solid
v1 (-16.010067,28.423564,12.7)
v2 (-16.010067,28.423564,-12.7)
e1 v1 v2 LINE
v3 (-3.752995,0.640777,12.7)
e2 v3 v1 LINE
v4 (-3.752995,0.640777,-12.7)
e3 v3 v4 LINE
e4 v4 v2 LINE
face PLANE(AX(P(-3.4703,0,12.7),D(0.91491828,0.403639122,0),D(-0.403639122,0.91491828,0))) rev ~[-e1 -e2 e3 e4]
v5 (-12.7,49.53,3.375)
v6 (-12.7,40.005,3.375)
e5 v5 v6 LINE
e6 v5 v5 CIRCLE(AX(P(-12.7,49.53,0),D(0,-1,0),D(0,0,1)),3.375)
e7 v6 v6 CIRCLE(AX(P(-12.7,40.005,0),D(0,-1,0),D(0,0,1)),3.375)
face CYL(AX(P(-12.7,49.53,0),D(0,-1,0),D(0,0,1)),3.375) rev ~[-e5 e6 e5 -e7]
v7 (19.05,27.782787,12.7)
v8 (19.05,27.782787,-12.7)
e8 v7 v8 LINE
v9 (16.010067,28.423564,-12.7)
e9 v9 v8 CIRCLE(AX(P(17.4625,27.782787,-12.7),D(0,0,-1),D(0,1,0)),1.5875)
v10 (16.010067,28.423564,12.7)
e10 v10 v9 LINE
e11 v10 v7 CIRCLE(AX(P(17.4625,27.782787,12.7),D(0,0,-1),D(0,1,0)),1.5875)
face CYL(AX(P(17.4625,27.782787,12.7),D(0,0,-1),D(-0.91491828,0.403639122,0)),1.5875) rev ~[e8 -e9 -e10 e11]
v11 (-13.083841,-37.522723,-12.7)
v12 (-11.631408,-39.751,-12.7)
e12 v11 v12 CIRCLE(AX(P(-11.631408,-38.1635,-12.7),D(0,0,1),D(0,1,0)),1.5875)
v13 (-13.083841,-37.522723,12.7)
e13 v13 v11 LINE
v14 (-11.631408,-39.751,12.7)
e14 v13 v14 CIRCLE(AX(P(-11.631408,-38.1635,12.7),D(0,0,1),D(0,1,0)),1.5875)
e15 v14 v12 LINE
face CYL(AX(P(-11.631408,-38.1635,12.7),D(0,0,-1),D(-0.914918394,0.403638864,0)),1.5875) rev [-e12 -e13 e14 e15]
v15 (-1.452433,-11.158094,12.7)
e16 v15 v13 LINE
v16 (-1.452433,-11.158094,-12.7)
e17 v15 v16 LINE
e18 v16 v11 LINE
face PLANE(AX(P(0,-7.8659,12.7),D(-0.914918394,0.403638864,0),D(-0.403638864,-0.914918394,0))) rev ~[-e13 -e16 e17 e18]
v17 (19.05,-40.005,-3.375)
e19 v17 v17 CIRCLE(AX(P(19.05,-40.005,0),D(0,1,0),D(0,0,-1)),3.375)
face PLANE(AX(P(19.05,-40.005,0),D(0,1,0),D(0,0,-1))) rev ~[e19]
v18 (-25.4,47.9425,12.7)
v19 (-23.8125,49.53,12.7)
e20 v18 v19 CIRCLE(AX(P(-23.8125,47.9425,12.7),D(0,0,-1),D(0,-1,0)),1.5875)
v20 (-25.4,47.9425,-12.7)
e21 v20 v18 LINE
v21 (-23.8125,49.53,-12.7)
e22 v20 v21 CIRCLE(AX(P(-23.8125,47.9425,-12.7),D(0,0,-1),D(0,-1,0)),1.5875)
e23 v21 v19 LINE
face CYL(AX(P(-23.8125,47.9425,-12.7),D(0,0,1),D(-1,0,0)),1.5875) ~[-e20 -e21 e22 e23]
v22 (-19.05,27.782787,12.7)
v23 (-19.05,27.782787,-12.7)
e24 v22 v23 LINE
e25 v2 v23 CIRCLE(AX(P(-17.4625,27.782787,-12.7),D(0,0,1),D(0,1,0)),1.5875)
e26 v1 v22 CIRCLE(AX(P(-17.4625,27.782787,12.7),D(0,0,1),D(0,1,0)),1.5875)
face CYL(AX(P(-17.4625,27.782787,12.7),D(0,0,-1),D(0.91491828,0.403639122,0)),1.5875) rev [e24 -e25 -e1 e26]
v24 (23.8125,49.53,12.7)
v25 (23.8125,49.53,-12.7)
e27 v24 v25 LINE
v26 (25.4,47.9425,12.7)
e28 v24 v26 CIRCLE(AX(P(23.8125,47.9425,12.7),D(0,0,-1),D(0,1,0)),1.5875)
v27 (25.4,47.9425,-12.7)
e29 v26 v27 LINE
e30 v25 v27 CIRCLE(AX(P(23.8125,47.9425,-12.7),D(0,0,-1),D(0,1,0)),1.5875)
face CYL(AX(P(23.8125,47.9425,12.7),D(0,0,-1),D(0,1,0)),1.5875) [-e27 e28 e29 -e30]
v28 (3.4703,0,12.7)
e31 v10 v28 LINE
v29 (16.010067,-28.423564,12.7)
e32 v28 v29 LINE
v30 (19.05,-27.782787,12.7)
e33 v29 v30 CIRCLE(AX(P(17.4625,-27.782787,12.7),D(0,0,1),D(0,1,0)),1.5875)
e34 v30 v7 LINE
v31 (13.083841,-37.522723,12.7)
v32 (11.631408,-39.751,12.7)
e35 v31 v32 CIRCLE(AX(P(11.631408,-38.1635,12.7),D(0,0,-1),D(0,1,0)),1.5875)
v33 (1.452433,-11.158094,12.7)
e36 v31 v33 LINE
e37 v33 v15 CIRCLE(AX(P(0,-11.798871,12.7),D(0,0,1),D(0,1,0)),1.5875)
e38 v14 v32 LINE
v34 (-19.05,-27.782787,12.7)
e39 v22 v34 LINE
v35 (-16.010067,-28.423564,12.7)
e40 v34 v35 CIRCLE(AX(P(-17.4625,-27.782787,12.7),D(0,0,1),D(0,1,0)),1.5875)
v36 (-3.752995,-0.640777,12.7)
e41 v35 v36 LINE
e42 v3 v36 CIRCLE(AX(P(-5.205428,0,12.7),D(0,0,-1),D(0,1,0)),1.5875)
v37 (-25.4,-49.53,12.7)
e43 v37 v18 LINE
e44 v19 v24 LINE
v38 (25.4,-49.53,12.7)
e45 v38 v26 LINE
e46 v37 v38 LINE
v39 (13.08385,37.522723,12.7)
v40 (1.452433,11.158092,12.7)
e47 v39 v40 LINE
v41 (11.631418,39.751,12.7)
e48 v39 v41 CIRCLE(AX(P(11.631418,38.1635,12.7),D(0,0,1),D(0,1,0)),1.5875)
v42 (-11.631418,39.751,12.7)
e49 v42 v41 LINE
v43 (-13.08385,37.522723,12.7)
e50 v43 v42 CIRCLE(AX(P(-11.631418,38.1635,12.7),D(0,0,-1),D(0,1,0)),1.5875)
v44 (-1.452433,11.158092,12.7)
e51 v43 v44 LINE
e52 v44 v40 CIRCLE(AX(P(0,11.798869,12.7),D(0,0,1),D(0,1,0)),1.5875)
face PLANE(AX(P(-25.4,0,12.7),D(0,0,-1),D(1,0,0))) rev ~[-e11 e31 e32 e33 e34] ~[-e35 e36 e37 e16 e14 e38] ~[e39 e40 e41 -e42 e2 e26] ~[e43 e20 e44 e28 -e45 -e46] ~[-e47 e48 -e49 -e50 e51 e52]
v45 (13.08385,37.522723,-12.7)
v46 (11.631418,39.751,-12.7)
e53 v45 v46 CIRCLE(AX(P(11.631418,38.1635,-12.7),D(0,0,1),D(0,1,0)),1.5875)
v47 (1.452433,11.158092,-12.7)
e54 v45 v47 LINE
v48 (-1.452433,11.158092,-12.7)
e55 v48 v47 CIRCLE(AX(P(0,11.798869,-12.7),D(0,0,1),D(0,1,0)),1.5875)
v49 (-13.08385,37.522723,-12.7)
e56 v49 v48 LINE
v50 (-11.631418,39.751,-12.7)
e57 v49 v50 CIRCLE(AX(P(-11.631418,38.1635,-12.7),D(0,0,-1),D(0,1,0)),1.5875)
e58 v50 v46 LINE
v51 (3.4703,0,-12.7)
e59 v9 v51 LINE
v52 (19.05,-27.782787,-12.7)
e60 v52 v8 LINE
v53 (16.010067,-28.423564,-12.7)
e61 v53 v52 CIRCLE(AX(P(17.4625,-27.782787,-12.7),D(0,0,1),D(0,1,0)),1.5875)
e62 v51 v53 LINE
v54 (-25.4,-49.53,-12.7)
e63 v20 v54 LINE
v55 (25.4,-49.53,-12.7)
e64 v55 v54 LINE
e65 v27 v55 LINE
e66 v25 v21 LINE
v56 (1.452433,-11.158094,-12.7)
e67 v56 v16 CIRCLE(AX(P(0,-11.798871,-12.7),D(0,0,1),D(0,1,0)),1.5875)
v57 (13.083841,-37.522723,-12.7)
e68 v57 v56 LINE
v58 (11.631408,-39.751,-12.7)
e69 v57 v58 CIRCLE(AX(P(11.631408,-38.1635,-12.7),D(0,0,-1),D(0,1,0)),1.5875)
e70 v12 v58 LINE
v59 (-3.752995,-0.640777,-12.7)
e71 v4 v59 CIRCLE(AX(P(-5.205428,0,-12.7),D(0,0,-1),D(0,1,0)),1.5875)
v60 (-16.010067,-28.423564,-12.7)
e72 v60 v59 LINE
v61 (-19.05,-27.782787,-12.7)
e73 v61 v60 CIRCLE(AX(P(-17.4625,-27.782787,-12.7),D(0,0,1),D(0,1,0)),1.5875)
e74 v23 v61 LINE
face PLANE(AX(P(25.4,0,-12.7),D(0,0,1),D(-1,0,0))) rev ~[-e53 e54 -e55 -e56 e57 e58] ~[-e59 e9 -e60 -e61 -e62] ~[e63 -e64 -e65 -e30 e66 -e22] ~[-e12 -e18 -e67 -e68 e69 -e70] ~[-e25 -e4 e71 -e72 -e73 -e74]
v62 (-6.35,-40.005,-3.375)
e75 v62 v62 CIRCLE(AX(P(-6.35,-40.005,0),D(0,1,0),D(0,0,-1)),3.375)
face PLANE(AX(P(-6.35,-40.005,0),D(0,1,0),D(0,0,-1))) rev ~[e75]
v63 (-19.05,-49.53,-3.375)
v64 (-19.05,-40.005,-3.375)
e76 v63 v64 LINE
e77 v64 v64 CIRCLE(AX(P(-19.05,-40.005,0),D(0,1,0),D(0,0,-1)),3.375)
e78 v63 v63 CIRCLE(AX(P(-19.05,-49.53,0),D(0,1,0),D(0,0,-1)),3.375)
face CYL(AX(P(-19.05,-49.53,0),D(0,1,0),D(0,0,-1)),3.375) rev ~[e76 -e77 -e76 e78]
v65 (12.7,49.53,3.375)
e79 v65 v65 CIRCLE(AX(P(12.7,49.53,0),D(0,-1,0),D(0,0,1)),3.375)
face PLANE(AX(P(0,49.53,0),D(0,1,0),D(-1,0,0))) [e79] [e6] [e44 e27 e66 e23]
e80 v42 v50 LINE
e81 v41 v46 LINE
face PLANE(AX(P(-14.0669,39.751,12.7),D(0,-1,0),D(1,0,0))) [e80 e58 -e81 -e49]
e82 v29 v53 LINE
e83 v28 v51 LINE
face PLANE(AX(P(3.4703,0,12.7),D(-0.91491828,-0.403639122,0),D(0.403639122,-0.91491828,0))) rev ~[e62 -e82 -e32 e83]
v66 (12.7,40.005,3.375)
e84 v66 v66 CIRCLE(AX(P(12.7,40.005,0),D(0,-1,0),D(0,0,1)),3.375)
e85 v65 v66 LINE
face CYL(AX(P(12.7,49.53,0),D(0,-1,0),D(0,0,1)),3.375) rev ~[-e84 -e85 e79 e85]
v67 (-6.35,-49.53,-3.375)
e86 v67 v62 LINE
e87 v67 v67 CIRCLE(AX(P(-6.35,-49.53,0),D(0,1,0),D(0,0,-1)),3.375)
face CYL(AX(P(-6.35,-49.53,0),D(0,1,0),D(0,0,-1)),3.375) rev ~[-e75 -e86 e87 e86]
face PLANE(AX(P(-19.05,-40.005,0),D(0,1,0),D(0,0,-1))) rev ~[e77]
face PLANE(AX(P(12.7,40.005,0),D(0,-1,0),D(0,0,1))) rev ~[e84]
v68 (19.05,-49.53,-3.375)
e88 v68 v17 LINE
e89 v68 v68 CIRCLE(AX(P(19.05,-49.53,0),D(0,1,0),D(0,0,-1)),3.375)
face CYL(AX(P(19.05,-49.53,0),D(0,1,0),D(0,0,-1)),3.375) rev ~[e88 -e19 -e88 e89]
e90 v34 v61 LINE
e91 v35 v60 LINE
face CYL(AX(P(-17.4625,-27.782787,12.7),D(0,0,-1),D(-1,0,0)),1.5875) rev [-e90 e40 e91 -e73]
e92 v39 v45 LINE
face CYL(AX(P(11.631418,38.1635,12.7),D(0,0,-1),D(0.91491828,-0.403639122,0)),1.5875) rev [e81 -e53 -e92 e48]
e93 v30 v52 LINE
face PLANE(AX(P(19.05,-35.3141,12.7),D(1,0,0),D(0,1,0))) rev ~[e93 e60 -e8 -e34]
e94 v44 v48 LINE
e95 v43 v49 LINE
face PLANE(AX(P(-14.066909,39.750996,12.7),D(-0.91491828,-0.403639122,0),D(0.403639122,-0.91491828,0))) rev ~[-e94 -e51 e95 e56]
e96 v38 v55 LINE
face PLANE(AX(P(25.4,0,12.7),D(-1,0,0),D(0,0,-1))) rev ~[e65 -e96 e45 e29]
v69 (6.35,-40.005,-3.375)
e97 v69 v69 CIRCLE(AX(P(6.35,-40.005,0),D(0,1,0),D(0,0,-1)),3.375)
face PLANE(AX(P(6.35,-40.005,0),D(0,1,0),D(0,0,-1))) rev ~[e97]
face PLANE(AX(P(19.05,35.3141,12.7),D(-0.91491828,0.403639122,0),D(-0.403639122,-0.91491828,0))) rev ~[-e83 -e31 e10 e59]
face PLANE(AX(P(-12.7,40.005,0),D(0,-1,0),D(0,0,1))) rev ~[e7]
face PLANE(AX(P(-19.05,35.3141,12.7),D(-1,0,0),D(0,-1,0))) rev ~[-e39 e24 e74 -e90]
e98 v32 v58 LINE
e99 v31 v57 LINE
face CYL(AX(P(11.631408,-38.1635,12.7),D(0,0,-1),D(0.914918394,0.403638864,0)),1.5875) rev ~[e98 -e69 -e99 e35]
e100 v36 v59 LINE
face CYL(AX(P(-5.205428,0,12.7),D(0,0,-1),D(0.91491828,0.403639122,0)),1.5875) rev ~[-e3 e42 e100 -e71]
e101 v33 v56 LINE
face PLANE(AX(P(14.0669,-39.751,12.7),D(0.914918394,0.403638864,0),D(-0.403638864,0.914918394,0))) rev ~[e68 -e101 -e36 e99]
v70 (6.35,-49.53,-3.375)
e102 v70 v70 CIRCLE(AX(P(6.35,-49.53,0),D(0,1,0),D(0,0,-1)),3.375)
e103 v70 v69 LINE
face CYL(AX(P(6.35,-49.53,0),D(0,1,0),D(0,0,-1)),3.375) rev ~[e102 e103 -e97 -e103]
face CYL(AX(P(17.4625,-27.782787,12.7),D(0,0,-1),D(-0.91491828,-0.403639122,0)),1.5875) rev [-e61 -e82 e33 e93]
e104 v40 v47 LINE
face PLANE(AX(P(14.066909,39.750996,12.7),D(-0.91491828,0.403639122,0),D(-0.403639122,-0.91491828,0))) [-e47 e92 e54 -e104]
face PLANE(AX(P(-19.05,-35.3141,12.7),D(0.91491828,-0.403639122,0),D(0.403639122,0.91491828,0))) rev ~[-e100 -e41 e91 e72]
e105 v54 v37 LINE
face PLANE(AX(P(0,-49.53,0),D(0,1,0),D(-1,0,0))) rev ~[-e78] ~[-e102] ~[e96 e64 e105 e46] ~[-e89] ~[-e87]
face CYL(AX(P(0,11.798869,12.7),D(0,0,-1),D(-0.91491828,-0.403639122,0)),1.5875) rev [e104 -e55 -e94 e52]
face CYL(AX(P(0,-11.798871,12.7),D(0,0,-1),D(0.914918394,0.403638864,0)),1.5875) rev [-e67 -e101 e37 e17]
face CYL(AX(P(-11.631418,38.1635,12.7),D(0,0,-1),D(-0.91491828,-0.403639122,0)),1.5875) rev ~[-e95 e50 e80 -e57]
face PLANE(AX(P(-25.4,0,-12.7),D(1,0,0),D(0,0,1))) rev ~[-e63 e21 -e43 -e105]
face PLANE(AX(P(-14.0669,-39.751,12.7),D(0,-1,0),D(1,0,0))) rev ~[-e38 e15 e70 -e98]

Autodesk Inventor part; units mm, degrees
ref_plane "YZ Plane" through (0, 0, 0) normal (1, 0, 0) x (0, 1, 0)
ref_plane "XZ Plane" through (0, 0, 0) normal (0, 1, 0) x (-1, 0, 0)
ref_plane "XY Plane" through (0, 0, 0) normal (0, 0, 1) x (1, 0, 0)
sketch "Sketch1" plane through (0, 0, 0) normal (0, 1, 0) x (-1, 0, 0)
  line L0 (25.4, 12.7) -> (-25.4, 12.7)
  line L1 (-25.4, 12.7) -> (-25.4, -12.7)
  line L2 (-25.4, -12.7) -> (25.4, -12.7)
  line L3 (25.4, -12.7) -> (25.4, 12.7)
  line L4 (25.4, 12.7) -> (-25.4, -12.7) construction
  line L5 (-25.4, 12.7) -> (25.4, -12.7) construction
  point P0 (0, 0)
  dimension "d0" = 50.8
  dimension "d1" = 25.4
extrude "Extrusion1" add sketch "Sketch1" along normal mid plane 99.06
sketch "Sketch2" plane through (-25.4, 49.53, 12.7) normal (0, 0, 1) x (1, 0, 0)
  line L0 (50.8, -99.06) -> (0, -99.06) construction
  line L1 (0, -99.06) -> (0, 0) construction
  line L2 (0, 0) -> (50.8, 0) construction
  line L3 (50.8, 0) -> (50.8, -99.06) construction
  line L4 (44.45, -6.35) -> (6.35, -6.35) construction
  line L5 (6.35, -6.35) -> (6.35, -92.71) construction
  line L6 (6.35, -92.71) -> (44.45, -92.71) construction
  line L7 (44.45, -92.71) -> (44.45, -6.35) construction
  line L8 (6.35, -6.35) -> (44.45, -92.71) construction
  line L9 (6.35, -92.71) -> (44.45, -6.35) construction
  line L10 (6.35, -14.2159) -> (40.9797, -92.71) construction
  line L11 (44.45, -84.8441) -> (9.8203, -6.35) construction
  line L12 (40.9797, -6.35) -> (6.35, -84.8441) construction
  line L13 (9.8203, -92.71) -> (44.45, -14.2159) construction
  line L14 (0, -99.06) -> (0, 0) construction
  line L15 (0, -89.281) -> (50.8, -89.281) construction
  line L16 (50.8, -99.06) -> (50.8, 0) construction
  line L17 (25.4, -57.3959) -> (11.3331, -89.281)
  line L18 (11.3331, -89.281) -> (39.4669, -89.281)
  line L19 (39.4669, -89.281) -> (25.4, -57.3959)
  line L20 (28.8703, -49.53) -> (44.45, -84.8441)
  line L21 (44.45, -84.8441) -> (44.45, -14.2159)
  line L22 (44.45, -14.2159) -> (28.8703, -49.53)
  line L23 (9.8203, -6.35) -> (25.4, -41.6641)
  line L24 (9.8092, -6.35) -> (40.9797, -6.35) construction
  line L25 (40.9797, -6.35) -> (25.4, -41.6641)
  line L26 (6.35, -14.2159) -> (6.35, -84.8441)
  line L27 (6.35, -84.8441) -> (21.9297, -49.53)
  line L28 (21.9297, -49.53) -> (6.35, -14.2159)
  line L29 (0, -9.779) -> (50.8, -9.779) construction
  line L30 (11.3331, -9.779) -> (39.4669, -9.779)
  point P0 (25.4, -49.53)
  point P1 (9.8203, -6.35)
  dimension "d4" = 6.35
  dimension "d5" = 3.175
  dimension "d6" = 3.175
  dimension "d7" = 3.175
  dimension "d8" = 3.175
  dimension "d9" = 9.779
  dimension "d23" = 9.779
extrude "Extrusion2" cut sketch "Sketch2" against normal through all
fillet "Fillet1" radius 1.5875 13 edges at (-14.0669, -39.751, 0) (-19.05, -35.3141, 0) (14.0669, -39.751, 0) (19.05, -35.3141, 0) (0, 7.8659, 0) (-3.4703, 0, 0) (-19.05, 35.3141, 0) (19.05, 35.3141, 0) (0, -7.8659, 0) (25.4, 49.53, 0) (-25.4, 49.53, 0) (-14.0669, 39.751, 0) (14.0669, 39.751, 0)
sketch "Sketch3" plane through (0, -49.53, 0) normal (0, -1, 0) x (1, 0, 0)
  line L0 (-25.4, 12.7) -> (25.4, 12.7) construction
  line L1 (25.4, 12.7) -> (25.4, -12.7) construction
  line L2 (25.4, -12.7) -> (-25.4, -12.7) construction
  line L3 (-25.4, -12.7) -> (-25.4, 12.7) construction
  line L4 (-6.35, 0) -> (6.35, 0) construction
  point P0 (0, 0)
  point P1 (0, 0)
  point P2 (-19.05, 0)
  point P3 (19.05, 0)
  dimension "d12" = 12.7
  dimension "d13" = 12.7
  dimension "d14" = 12.7
hole "Hole1" at (-6.35, -49.53, 0) at (6.35, -49.53, 0) at (-19.05, -49.53, 0) at (19.05, -49.53, 0) direction (0, 1, 0) diameter 6.75 depth 9.525
sketch "Sketch4" plane through (0, 49.53, 0) normal (0, 1, 0) x (1, 0, 0)
  line L0 (-12.7, 0) -> (12.7, 0) construction
  point P0 (0, 0)
  point P1 (0, 0)
  dimension "d24" = 25.4
hole "Hole2" at (-12.7, 49.53, 0) at (12.7, 49.53, 0) direction (0, -1, 0) diameter 6.75 depth 9.525
equation "\"d6\" = d5"
equation "\"d7\" = d5"
equation "\"d8\" = d7"
equation "\"d23\" = d9"
equation "\"d13\" = d12"
equation "\"d14\" = d13"
properties part number "DB1-024" material "ABS Plastic"
